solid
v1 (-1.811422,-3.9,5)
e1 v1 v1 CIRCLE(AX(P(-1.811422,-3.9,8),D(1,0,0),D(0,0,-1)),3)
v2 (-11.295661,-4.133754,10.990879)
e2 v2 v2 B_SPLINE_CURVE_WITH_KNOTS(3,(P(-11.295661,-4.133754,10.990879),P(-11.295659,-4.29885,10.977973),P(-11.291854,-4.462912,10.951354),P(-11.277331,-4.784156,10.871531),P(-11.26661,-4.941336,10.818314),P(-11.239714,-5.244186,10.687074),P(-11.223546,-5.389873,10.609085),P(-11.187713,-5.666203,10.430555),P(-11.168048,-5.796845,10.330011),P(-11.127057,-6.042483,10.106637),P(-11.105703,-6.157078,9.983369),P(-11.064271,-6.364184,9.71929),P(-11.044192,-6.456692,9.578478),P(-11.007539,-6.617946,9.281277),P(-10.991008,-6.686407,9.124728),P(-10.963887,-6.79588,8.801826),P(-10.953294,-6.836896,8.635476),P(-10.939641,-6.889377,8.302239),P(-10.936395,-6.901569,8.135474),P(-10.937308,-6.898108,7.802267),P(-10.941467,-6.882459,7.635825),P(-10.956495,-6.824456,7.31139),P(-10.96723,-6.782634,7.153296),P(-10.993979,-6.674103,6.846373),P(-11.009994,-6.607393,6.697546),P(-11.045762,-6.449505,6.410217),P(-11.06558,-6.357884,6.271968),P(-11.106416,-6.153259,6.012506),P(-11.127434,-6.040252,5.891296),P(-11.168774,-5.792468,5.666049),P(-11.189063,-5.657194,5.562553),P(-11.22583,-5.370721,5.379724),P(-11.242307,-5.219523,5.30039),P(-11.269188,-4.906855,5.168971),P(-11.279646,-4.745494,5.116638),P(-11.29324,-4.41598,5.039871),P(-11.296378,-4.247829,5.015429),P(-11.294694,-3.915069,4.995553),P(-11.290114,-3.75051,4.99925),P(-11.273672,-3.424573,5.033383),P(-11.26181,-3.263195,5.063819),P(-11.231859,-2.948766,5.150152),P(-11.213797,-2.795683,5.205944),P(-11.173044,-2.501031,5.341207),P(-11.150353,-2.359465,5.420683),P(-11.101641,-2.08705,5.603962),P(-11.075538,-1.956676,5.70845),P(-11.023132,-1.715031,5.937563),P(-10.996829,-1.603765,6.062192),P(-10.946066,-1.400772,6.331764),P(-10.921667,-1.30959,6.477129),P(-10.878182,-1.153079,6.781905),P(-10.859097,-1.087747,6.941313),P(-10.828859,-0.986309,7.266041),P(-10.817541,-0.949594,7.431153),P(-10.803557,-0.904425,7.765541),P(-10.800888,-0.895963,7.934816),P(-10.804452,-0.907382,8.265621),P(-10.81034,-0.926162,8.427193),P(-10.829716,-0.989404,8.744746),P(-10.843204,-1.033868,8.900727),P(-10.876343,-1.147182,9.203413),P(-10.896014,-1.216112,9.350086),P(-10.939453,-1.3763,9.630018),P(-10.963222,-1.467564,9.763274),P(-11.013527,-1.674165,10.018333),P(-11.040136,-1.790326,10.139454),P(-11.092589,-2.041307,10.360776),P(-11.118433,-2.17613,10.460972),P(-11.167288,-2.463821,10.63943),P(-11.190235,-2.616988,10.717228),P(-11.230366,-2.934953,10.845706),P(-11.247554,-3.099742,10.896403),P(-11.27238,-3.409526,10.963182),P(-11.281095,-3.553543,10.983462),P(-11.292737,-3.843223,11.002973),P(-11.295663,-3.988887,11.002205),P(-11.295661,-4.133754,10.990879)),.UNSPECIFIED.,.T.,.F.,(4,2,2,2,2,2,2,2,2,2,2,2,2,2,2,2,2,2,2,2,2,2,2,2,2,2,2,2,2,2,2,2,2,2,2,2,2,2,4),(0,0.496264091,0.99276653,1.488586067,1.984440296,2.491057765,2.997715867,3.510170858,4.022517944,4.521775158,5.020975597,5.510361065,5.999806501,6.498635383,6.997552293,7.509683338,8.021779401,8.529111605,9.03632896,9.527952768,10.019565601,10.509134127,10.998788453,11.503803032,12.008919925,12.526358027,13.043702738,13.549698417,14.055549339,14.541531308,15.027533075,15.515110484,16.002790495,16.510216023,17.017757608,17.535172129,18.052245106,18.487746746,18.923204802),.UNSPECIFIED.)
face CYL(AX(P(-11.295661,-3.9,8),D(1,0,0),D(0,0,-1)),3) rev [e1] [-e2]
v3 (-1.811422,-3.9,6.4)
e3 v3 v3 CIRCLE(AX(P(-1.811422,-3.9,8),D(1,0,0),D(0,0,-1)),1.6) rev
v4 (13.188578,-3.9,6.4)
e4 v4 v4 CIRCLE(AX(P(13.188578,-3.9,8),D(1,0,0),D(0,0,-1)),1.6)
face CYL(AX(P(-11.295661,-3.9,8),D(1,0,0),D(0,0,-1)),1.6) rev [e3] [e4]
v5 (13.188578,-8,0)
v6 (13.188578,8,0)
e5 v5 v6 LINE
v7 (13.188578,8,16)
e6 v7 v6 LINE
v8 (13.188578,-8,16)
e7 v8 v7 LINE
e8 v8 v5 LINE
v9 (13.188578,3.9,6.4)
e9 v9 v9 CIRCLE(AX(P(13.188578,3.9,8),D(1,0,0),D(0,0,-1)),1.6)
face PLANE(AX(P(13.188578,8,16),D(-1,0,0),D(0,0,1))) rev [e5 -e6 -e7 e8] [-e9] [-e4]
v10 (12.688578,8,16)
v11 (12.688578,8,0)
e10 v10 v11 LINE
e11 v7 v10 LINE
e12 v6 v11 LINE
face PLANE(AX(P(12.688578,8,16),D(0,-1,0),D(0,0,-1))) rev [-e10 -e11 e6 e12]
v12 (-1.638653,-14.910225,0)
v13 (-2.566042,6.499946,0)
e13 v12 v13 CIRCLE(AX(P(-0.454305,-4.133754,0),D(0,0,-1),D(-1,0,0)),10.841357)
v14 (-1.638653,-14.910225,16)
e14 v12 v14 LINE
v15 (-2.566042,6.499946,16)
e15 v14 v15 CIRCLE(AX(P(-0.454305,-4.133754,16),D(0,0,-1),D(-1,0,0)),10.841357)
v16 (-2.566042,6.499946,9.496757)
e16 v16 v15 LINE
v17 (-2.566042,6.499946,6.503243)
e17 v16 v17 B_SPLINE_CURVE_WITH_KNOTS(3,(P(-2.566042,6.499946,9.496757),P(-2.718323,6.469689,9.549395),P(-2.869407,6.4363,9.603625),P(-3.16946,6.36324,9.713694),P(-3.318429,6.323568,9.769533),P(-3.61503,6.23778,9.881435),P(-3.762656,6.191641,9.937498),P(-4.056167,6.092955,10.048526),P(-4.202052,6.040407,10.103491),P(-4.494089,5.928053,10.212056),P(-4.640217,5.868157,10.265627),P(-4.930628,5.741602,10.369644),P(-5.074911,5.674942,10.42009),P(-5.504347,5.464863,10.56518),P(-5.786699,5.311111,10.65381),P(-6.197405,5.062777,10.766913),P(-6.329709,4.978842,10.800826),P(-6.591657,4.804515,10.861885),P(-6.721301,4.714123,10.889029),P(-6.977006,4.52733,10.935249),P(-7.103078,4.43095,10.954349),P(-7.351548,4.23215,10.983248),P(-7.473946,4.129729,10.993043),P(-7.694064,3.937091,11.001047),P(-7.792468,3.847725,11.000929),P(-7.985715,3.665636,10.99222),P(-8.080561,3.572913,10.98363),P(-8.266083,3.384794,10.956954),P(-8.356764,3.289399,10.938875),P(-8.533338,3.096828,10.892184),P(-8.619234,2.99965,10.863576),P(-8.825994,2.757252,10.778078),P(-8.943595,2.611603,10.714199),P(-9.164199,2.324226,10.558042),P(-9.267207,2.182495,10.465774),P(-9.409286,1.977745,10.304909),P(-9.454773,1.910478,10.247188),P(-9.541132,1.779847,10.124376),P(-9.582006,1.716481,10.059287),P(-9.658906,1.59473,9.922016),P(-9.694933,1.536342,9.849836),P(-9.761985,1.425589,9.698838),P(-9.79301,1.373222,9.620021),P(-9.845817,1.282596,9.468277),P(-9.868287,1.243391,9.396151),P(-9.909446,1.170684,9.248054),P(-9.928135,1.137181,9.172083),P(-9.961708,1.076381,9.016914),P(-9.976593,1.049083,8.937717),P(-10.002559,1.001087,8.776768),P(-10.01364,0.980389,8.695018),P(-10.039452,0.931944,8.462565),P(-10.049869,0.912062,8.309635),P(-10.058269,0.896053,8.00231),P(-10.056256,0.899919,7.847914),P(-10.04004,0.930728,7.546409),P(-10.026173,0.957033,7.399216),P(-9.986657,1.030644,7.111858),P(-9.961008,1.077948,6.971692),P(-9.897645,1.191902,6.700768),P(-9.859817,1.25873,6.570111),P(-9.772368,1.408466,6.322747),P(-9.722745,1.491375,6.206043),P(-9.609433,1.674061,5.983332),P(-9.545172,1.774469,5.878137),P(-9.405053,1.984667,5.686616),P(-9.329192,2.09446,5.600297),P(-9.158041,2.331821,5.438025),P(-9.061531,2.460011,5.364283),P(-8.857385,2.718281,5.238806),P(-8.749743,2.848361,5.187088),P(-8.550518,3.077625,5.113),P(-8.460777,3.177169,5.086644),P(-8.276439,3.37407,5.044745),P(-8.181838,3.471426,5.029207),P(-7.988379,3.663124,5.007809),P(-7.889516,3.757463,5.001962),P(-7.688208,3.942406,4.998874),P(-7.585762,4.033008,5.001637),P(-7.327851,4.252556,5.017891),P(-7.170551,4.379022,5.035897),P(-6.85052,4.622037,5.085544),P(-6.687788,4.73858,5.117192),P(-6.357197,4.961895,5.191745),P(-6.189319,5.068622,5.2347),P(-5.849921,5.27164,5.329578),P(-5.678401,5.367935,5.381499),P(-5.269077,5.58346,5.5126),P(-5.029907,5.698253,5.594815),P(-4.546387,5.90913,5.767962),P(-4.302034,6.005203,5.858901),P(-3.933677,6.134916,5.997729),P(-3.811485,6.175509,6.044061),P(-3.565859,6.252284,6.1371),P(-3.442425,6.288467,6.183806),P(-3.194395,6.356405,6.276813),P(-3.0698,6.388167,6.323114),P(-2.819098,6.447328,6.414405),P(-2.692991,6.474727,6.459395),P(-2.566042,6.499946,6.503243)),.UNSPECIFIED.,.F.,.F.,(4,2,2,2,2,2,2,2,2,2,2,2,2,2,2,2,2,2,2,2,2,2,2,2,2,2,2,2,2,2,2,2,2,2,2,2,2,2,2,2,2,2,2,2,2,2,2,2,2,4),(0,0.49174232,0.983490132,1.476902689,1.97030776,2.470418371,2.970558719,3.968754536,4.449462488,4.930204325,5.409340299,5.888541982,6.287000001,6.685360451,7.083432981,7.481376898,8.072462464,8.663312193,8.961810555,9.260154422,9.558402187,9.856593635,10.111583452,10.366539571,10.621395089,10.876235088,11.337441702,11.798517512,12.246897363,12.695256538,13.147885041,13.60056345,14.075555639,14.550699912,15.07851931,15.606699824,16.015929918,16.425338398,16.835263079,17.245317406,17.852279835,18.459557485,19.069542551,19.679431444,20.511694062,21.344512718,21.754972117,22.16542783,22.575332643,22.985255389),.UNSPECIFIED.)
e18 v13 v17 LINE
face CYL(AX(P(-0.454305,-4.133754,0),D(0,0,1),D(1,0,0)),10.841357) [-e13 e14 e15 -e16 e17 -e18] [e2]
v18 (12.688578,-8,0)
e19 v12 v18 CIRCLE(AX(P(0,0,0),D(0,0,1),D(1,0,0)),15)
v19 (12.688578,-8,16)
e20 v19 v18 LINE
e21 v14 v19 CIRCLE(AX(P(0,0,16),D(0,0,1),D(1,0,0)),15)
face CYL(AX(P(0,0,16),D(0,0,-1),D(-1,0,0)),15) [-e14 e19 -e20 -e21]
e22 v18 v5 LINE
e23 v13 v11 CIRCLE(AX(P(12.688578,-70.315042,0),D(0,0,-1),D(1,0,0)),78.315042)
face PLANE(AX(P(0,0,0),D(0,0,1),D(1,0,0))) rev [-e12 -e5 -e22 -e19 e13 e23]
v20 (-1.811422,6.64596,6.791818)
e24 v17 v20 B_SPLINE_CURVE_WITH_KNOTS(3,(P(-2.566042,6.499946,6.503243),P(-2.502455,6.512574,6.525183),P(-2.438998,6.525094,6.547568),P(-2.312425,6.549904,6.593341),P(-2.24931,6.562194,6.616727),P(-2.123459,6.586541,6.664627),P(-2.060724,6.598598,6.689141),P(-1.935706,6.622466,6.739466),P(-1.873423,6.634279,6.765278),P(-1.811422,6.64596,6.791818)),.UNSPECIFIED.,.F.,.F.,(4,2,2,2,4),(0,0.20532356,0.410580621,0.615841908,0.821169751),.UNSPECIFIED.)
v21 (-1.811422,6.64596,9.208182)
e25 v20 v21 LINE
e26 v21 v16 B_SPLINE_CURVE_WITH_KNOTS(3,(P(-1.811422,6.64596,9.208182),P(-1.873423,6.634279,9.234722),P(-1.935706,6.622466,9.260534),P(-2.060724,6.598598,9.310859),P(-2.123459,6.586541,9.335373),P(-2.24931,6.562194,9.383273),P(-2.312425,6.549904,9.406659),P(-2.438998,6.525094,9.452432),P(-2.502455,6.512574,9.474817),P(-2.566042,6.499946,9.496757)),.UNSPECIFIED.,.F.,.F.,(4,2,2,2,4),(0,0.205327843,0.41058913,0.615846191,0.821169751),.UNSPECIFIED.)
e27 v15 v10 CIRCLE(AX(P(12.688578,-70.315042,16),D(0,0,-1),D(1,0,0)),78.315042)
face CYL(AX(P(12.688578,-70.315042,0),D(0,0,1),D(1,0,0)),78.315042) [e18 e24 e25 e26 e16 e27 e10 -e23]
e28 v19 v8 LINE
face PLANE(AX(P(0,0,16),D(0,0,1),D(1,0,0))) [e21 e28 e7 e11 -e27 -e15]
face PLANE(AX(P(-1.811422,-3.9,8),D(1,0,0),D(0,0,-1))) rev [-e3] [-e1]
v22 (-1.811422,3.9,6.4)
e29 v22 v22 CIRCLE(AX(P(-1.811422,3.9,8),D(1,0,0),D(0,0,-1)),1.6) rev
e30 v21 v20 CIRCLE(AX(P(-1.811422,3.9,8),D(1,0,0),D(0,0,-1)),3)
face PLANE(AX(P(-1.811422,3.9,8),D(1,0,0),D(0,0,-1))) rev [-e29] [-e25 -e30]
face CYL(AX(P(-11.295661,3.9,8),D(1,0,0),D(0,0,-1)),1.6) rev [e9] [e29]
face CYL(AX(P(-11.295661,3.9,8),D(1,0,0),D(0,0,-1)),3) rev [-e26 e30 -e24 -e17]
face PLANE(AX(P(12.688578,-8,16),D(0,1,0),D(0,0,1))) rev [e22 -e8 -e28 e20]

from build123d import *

# Parameters (mm, degrees)
BOSS_EXTRUDE1_DEPTH = 16
CUT_EXTRUDE1_DEPTH  = 27.570660511
SKETCH3_R           = 1.6
CUT_EXTRUDE2_DEPTH  = 33.870624557
SKETCH4_R           = 3
CUT_EXTRUDE3_DEPTH  = 27.570660628


with BuildPart() as part:
    # Sketch1 → Boss-Extrude1 (new body)
    with BuildSketch(Plane.XY):
        with BuildLine():
            Line((12.68857754, 8), (13.18857754, 8))
            Line((13.18857754, 8), (13.18857754, -8))
            Line((13.18857754, -8), (12.68857754, -8))
            ThreePointArc((12.68857754, -8), (-15, 0), (12.68857754, 8))
        make_face()
    extrude(amount=BOSS_EXTRUDE1_DEPTH)

    # Sketch2 → Cut-Extrude1 (cut, through all)
    with BuildSketch(Plane.XY.offset(16)):
        with BuildLine():
            Line((-1.638653084, -14.910225219), (-1.638653084, -32.417274257))
            Line((-1.638653084, -32.417274257), (-50.765498106, -32.417274257))
            Line((-50.765498106, -32.417274257), (-50.765498106, 31.239484016))
            Line((-50.765498106, 31.239484016), (12.68857754, 31.239484016))
            Line((12.68857754, 31.239484016), (12.68857754, 8))
            ThreePointArc((12.68857754, 8), (5.024479817, 7.624084306), (-2.566041885, 6.499946049))
            ThreePointArc((-2.566041885, 6.499946049), (-11.285505358, -4.60291117), (-1.638653084, -14.910225219))
        make_face()
    extrude(amount=-CUT_EXTRUDE1_DEPTH, mode=Mode.SUBTRACT)

    # Sketch3 → Cut-Extrude2 (cut, through all)
    with BuildSketch(Plane(origin=(13.18857754, 0, 0), x_dir=(0, 0, -1), z_dir=(1, 0, 0))):
        with Locations((-8, 3.9)):
            Circle(SKETCH3_R)
        with Locations((-8, -3.9)):
            Circle(SKETCH3_R)
    extrude(amount=-CUT_EXTRUDE2_DEPTH, mode=Mode.SUBTRACT)

    # Sketch4 → Cut-Extrude3 (cut, through all)
    with BuildSketch(Plane(origin=(-1.81142246, 0, 0), x_dir=(0, 0, -1), z_dir=(1, 0, 0))):
        with Locations((-8, 3.9)):
            Circle(SKETCH4_R)
        with Locations((-8, -3.9)):
            Circle(SKETCH4_R)
    extrude(amount=-CUT_EXTRUDE3_DEPTH, mode=Mode.SUBTRACT)


solid = part.part
